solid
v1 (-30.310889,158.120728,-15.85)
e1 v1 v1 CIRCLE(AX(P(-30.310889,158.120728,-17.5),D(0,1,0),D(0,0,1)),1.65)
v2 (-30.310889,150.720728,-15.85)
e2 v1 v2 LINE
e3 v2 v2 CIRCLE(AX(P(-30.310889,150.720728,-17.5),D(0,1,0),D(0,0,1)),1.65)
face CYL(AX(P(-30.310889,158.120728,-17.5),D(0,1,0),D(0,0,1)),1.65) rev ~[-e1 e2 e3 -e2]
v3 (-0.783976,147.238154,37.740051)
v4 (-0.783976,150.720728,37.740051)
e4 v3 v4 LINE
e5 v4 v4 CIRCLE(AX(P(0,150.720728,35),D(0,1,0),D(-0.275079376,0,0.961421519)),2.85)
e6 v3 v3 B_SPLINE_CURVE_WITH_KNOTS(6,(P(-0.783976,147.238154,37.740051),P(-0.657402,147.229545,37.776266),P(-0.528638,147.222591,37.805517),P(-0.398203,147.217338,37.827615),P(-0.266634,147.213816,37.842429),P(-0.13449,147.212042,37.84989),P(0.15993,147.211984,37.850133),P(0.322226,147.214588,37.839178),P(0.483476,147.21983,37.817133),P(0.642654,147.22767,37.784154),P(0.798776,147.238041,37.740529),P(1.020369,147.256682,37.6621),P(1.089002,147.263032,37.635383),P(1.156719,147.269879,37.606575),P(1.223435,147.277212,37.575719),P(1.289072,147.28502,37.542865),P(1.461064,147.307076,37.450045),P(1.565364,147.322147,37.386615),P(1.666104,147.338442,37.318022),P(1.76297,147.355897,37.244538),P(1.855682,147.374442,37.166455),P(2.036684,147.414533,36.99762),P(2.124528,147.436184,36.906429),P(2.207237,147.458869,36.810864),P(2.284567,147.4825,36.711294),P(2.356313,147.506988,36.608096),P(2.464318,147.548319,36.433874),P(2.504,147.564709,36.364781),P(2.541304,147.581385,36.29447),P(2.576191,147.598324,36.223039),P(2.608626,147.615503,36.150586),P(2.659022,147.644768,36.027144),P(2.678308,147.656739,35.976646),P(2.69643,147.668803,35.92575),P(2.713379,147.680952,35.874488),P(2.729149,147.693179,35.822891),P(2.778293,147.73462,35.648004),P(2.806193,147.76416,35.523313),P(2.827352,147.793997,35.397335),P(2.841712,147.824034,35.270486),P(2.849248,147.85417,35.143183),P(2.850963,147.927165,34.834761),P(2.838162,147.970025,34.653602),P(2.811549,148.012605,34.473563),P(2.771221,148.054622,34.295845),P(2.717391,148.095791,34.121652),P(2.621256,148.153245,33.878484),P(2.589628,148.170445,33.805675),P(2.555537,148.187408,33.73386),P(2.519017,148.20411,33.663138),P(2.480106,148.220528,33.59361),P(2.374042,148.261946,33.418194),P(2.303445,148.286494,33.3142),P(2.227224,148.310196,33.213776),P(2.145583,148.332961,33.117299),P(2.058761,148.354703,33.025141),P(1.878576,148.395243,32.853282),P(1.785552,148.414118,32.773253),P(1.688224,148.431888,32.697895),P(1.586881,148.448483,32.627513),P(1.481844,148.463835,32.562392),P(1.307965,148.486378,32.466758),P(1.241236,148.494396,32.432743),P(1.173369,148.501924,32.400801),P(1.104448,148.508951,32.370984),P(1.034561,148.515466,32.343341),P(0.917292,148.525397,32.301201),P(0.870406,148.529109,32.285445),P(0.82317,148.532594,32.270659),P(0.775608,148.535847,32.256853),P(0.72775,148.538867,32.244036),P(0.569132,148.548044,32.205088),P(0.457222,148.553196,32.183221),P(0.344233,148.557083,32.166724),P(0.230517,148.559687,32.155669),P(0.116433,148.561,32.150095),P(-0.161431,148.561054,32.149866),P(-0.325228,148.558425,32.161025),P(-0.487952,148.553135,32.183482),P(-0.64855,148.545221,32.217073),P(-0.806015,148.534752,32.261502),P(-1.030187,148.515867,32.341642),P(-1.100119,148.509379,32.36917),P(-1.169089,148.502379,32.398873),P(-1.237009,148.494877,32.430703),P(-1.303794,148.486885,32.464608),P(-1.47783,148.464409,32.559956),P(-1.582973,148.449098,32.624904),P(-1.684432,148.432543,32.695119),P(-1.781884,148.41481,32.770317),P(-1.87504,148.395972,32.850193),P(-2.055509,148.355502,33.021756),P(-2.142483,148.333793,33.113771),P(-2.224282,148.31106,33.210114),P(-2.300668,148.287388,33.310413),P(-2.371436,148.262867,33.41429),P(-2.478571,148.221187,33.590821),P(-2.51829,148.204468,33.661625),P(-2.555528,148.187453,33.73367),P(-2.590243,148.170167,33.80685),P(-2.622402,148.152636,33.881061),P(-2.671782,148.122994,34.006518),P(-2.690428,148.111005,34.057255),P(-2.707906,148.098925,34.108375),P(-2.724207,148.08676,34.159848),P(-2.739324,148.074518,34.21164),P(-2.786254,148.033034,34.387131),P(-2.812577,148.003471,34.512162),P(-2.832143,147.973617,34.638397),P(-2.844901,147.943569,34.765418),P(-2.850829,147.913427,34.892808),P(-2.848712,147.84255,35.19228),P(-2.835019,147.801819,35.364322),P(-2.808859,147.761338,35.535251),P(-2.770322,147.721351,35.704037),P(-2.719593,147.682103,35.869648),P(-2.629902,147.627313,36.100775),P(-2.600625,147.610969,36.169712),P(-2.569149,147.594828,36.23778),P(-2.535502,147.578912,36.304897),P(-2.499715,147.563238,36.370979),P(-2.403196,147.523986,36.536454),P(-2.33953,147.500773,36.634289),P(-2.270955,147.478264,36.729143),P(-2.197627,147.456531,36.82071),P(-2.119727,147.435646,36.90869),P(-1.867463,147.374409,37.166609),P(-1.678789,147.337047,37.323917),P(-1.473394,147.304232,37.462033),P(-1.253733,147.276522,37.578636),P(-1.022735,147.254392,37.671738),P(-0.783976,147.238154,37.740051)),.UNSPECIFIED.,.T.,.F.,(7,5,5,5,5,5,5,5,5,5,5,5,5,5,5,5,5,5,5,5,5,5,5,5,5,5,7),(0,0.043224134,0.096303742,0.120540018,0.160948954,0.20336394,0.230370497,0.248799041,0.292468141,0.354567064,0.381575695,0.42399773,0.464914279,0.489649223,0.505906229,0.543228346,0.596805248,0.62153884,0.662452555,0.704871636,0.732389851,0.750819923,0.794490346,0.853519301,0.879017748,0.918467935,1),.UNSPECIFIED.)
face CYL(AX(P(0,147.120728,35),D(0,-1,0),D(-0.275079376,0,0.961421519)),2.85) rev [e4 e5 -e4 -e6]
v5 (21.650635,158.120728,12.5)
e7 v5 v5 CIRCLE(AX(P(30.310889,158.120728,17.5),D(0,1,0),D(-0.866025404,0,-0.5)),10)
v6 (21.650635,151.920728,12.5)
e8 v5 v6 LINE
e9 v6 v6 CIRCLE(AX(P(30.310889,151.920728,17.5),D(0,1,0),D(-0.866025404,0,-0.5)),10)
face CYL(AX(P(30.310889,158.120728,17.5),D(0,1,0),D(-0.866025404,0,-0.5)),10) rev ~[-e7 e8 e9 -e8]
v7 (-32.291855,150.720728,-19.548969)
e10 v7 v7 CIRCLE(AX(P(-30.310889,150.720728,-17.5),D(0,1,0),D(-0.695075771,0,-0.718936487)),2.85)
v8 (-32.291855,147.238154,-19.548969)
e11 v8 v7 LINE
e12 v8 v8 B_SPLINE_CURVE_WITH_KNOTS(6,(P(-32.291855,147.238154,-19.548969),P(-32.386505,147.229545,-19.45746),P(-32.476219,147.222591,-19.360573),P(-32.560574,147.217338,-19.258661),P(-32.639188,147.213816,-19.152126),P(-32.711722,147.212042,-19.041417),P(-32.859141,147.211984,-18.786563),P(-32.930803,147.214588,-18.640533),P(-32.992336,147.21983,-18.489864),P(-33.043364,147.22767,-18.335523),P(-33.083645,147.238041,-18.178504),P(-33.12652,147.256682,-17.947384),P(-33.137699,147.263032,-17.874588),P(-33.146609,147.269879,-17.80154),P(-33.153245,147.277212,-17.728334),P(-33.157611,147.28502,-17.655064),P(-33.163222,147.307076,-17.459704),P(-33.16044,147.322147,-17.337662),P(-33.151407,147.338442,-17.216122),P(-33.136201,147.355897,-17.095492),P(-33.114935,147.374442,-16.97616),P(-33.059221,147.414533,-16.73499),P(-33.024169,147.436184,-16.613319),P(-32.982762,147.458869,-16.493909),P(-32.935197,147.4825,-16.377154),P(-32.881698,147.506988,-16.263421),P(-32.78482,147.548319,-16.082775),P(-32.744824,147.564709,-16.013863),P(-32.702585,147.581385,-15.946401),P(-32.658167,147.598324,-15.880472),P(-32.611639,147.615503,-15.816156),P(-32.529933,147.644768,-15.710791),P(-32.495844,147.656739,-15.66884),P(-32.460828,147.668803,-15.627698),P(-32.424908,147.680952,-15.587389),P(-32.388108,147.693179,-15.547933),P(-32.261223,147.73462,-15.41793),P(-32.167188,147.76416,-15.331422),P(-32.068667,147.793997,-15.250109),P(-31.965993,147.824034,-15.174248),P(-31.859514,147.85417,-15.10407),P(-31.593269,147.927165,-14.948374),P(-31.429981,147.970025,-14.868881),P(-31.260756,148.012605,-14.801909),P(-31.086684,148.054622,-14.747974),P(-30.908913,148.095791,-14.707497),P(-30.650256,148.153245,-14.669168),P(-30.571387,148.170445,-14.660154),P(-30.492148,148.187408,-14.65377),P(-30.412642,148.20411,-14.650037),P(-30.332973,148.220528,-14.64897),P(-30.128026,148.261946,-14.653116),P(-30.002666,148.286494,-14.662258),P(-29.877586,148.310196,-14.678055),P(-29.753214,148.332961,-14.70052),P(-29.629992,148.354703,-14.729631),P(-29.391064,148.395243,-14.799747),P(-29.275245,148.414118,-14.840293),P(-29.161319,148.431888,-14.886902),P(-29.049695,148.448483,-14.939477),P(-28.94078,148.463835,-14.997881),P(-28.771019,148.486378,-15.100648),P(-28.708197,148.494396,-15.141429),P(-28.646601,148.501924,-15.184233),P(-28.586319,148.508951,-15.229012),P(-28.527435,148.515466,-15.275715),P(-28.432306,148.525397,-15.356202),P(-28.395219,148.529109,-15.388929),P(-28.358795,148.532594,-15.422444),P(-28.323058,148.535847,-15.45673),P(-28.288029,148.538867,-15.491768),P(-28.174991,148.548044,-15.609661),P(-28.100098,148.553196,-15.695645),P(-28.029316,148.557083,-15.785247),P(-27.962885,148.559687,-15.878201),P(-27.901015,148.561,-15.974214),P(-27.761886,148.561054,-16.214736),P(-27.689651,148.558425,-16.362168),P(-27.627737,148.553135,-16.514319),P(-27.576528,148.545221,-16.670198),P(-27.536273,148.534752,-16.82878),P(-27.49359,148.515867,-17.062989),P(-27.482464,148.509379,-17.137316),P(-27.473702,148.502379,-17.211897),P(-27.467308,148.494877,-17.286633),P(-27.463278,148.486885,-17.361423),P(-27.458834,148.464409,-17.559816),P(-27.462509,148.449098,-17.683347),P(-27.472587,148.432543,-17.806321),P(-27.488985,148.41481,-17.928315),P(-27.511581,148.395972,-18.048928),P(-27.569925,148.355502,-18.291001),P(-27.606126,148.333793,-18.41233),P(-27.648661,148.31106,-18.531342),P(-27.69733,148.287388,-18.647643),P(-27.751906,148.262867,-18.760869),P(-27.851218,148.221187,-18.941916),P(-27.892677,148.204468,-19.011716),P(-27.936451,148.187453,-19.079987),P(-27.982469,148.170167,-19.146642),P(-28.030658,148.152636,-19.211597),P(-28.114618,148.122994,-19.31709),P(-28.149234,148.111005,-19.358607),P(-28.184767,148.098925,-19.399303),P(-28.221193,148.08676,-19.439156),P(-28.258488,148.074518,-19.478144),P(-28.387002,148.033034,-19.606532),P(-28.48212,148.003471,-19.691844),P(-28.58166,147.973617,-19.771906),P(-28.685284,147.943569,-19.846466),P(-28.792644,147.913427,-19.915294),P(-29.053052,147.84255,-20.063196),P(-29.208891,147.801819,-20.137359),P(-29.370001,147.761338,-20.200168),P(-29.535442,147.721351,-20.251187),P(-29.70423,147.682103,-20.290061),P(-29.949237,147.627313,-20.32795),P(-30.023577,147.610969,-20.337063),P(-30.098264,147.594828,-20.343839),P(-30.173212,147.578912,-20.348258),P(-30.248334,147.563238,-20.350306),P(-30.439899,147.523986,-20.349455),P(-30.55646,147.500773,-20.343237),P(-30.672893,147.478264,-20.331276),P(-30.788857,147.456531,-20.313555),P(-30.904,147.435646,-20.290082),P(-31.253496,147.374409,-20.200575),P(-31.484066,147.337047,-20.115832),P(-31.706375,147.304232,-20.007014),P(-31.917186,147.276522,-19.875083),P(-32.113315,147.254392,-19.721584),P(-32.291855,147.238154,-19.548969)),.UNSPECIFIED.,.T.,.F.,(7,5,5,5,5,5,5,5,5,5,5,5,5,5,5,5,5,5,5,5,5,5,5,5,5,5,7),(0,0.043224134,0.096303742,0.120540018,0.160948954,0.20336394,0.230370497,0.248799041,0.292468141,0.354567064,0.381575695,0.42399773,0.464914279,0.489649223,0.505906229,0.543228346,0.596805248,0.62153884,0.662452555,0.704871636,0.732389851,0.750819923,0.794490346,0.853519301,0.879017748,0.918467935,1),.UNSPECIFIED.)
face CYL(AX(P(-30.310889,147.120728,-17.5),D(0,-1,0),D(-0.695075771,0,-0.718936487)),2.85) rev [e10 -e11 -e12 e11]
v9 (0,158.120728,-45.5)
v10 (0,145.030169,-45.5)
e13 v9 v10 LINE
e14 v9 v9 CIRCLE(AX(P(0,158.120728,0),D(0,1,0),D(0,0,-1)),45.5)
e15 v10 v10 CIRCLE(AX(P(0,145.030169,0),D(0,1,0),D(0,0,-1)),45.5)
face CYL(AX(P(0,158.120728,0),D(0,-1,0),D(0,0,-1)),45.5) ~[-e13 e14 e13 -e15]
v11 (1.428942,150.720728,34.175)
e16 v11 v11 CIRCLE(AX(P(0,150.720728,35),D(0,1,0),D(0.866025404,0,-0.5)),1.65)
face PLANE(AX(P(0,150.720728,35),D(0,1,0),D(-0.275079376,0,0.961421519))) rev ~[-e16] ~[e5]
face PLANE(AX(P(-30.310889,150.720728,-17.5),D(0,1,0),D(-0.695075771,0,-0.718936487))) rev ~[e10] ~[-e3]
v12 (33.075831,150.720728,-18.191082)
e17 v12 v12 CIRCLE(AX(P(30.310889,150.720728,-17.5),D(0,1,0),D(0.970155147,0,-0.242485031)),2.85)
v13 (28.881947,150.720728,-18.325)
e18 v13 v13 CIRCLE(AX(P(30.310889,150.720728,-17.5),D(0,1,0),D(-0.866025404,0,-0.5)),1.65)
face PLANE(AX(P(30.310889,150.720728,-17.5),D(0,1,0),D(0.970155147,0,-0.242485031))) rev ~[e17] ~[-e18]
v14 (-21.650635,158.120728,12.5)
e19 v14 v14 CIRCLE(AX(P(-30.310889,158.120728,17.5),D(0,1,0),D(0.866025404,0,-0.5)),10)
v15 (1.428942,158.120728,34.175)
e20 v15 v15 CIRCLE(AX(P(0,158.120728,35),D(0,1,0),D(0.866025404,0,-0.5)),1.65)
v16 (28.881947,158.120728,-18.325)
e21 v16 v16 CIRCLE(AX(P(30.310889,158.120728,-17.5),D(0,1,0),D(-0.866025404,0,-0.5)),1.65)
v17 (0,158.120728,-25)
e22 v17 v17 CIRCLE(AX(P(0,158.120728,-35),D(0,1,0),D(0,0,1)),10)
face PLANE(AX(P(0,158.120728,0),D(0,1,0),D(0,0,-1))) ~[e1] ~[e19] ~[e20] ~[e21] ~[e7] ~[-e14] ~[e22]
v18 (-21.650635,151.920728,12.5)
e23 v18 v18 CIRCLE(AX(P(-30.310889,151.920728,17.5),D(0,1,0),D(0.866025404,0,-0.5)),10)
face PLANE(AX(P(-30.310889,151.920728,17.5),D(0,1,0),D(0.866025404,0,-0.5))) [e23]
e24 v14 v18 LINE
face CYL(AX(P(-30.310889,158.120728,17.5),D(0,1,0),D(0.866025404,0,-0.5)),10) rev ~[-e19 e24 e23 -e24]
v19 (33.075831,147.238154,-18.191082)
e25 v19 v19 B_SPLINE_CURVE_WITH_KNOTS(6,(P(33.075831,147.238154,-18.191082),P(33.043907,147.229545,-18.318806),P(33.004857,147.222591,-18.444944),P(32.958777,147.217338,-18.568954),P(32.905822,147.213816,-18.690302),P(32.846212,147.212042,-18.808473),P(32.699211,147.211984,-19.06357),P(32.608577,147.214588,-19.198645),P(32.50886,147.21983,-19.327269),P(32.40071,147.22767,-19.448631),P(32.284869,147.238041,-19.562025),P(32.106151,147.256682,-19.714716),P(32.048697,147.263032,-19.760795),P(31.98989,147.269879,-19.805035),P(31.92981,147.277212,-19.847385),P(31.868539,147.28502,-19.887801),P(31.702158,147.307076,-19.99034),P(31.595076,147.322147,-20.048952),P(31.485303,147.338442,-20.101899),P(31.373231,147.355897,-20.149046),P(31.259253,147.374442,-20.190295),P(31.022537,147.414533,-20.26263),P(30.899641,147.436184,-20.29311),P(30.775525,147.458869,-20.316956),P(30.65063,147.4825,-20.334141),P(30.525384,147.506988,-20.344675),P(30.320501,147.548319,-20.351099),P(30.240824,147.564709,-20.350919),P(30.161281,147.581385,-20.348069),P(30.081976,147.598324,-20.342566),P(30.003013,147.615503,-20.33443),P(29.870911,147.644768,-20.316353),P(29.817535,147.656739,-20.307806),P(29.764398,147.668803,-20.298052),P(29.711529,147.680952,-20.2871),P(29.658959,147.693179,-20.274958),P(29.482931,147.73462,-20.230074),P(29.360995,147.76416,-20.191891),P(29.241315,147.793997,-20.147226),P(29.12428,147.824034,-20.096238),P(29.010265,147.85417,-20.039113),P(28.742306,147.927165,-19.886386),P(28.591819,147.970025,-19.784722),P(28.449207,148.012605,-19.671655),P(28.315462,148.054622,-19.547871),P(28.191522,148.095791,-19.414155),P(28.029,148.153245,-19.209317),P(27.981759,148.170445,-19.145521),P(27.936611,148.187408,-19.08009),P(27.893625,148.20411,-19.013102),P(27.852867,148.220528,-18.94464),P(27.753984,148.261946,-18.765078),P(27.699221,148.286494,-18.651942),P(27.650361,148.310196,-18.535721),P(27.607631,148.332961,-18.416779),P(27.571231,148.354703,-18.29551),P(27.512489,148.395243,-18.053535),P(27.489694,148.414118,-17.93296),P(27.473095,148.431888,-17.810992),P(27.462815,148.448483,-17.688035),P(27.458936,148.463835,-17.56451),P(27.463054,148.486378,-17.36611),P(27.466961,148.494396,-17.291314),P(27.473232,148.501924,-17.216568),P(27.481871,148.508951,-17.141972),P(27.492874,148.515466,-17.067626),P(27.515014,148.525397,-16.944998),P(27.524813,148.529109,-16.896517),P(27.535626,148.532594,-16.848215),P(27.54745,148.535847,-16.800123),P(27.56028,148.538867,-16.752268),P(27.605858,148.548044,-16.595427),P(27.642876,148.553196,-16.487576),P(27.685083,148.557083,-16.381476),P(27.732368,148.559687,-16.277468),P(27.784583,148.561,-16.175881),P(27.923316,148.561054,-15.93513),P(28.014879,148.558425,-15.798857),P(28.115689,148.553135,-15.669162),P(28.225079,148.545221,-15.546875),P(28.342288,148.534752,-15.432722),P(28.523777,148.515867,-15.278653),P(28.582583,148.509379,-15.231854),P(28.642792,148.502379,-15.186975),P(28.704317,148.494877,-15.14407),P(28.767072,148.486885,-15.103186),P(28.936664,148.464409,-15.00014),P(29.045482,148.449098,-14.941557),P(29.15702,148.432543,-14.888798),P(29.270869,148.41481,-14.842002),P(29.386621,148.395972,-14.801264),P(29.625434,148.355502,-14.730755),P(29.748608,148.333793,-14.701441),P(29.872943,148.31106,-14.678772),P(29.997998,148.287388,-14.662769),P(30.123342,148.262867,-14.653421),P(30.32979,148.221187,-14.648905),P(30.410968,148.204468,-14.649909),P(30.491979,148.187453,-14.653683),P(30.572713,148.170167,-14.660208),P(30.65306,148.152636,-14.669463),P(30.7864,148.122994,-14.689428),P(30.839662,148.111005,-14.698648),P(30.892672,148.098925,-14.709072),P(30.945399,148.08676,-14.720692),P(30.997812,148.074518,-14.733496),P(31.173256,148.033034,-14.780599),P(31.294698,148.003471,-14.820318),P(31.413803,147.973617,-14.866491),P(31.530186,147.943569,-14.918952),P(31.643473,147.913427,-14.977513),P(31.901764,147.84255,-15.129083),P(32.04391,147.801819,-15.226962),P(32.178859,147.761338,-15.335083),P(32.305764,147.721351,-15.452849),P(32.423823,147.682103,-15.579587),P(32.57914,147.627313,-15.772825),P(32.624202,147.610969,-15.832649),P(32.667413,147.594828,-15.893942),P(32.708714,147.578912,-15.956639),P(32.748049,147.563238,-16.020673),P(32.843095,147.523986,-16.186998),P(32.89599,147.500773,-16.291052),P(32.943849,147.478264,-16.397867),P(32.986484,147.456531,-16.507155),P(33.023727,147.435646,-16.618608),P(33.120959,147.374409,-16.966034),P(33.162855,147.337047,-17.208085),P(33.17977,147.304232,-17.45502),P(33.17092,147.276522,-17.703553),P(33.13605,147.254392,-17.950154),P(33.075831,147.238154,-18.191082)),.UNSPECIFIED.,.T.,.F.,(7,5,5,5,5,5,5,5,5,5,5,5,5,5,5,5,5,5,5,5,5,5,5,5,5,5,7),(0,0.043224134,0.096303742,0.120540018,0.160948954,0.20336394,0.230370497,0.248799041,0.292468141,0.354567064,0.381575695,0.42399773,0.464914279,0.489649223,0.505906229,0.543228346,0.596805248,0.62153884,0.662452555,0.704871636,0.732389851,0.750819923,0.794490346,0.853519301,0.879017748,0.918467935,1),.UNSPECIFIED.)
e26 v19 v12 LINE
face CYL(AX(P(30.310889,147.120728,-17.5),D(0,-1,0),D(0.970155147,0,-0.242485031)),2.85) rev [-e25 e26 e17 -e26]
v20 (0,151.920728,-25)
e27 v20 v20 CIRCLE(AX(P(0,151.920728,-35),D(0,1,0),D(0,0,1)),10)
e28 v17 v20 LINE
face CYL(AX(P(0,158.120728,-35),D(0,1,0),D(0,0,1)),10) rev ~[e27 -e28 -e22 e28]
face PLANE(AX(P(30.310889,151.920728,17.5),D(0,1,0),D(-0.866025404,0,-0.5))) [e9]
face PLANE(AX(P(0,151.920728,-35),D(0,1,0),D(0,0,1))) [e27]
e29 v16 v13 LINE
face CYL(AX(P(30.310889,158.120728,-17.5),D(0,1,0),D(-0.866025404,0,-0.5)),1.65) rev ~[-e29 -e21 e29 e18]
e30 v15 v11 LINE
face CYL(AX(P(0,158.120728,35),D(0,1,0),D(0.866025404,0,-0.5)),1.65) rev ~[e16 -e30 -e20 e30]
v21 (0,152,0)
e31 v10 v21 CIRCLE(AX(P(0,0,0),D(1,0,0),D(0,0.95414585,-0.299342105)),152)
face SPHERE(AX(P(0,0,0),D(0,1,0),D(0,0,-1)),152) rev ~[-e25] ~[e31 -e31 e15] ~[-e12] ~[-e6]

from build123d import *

# Parameters (mm, degrees)
ESQUISSE11_R                 = 10
ENL_V_MAT_EXTRU_4_DEPTH      = 6.2
ESQUISSE12_R                 = 1.65
ENL_V_MAT_EXTRU_5_DEPTH      = 66.664775353
ESQUISSE14_R                 = 2.85
ENL_V_MAT_EXTRU_8_DEPTH      = 3.6
R_P_TITION_CIRCULAIRE7_COUNT = 3


with BuildPart() as part:
    # Esquisse1 → Révolution1 (revolve)
    with BuildSketch(Plane.XY, mode=Mode.PRIVATE) as r_volution1_sk:
        with BuildLine():
            Line((-45.5, 158.120727786), (-45.5, 145.030169275))
            ThreePointArc((-45.5, 145.030169275), (-23.015367368, 150.247438797), (0, 152))
            Line((0, 152), (0, 158.120727786))
            Line((0, 158.120727786), (-45.5, 158.120727786))
        make_face()
    revolve(r_volution1_sk.sketch.rotate(Axis((0, 0, 0), (0, 1, 0)), 270), axis=Axis((0, 0, 0), (0, 1, 0)))

    # Esquisse11 → Enlèv. mat.-Extru.4 (cut)
    with BuildSketch(Plane(origin=(0, 158.120727786, 0), x_dir=(1, 0, 0), z_dir=(0, 1, 0))):
        with Locations(Location((0, 35, 0), (0, 0, 270))):
            Circle(ESQUISSE11_R)
    enl_v_mat_extru_4 = extrude(amount=-ENL_V_MAT_EXTRU_4_DEPTH, mode=Mode.SUBTRACT)

    # Esquisse12 → Enlèv. mat.-Extru.5 (cut, through all)
    with BuildSketch(Plane(origin=(0, 158.120727786, 0), x_dir=(1, 0, 0), z_dir=(0, 1, 0))):
        with Locations(Location((-30.310889132, 17.5, 0), (0, 0, 270))):
            Circle(ESQUISSE12_R)
    enl_v_mat_extru_5 = extrude(amount=-ENL_V_MAT_EXTRU_5_DEPTH, mode=Mode.SUBTRACT)

    # Esquisse14 → Enlèv. mat.-Extru.8 (cut)
    with BuildSketch(Plane(origin=(0, 147.120727786, 0), x_dir=(1, 0, 0), z_dir=(0, 1, 0))):
        with Locations(Location((-30.310889132, 17.5, 0), (0, 0, 134.033255464))):
            Circle(ESQUISSE14_R)
    enl_v_mat_extru_8 = extrude(amount=ENL_V_MAT_EXTRU_8_DEPTH, mode=Mode.SUBTRACT)

    # Répétition circulaire7: Enlèv. mat.-Extru.4, Enlèv. mat.-Extru.5, Enlèv. mat.-Extru.8 ×3 about axis
    r_p_tition_circulaire7_axis = Axis((0, 0, 0), (0, 1, 0))
    add([enl_v_mat_extru_4.rotate(r_p_tition_circulaire7_axis, i * 360 / R_P_TITION_CIRCULAIRE7_COUNT) for i in range(1, R_P_TITION_CIRCULAIRE7_COUNT)], mode=Mode.SUBTRACT)
    add([enl_v_mat_extru_5.rotate(r_p_tition_circulaire7_axis, i * 360 / R_P_TITION_CIRCULAIRE7_COUNT) for i in range(1, R_P_TITION_CIRCULAIRE7_COUNT)], mode=Mode.SUBTRACT)
    add([enl_v_mat_extru_8.rotate(r_p_tition_circulaire7_axis, i * 360 / R_P_TITION_CIRCULAIRE7_COUNT) for i in range(1, R_P_TITION_CIRCULAIRE7_COUNT)], mode=Mode.SUBTRACT)


solid = part.part
